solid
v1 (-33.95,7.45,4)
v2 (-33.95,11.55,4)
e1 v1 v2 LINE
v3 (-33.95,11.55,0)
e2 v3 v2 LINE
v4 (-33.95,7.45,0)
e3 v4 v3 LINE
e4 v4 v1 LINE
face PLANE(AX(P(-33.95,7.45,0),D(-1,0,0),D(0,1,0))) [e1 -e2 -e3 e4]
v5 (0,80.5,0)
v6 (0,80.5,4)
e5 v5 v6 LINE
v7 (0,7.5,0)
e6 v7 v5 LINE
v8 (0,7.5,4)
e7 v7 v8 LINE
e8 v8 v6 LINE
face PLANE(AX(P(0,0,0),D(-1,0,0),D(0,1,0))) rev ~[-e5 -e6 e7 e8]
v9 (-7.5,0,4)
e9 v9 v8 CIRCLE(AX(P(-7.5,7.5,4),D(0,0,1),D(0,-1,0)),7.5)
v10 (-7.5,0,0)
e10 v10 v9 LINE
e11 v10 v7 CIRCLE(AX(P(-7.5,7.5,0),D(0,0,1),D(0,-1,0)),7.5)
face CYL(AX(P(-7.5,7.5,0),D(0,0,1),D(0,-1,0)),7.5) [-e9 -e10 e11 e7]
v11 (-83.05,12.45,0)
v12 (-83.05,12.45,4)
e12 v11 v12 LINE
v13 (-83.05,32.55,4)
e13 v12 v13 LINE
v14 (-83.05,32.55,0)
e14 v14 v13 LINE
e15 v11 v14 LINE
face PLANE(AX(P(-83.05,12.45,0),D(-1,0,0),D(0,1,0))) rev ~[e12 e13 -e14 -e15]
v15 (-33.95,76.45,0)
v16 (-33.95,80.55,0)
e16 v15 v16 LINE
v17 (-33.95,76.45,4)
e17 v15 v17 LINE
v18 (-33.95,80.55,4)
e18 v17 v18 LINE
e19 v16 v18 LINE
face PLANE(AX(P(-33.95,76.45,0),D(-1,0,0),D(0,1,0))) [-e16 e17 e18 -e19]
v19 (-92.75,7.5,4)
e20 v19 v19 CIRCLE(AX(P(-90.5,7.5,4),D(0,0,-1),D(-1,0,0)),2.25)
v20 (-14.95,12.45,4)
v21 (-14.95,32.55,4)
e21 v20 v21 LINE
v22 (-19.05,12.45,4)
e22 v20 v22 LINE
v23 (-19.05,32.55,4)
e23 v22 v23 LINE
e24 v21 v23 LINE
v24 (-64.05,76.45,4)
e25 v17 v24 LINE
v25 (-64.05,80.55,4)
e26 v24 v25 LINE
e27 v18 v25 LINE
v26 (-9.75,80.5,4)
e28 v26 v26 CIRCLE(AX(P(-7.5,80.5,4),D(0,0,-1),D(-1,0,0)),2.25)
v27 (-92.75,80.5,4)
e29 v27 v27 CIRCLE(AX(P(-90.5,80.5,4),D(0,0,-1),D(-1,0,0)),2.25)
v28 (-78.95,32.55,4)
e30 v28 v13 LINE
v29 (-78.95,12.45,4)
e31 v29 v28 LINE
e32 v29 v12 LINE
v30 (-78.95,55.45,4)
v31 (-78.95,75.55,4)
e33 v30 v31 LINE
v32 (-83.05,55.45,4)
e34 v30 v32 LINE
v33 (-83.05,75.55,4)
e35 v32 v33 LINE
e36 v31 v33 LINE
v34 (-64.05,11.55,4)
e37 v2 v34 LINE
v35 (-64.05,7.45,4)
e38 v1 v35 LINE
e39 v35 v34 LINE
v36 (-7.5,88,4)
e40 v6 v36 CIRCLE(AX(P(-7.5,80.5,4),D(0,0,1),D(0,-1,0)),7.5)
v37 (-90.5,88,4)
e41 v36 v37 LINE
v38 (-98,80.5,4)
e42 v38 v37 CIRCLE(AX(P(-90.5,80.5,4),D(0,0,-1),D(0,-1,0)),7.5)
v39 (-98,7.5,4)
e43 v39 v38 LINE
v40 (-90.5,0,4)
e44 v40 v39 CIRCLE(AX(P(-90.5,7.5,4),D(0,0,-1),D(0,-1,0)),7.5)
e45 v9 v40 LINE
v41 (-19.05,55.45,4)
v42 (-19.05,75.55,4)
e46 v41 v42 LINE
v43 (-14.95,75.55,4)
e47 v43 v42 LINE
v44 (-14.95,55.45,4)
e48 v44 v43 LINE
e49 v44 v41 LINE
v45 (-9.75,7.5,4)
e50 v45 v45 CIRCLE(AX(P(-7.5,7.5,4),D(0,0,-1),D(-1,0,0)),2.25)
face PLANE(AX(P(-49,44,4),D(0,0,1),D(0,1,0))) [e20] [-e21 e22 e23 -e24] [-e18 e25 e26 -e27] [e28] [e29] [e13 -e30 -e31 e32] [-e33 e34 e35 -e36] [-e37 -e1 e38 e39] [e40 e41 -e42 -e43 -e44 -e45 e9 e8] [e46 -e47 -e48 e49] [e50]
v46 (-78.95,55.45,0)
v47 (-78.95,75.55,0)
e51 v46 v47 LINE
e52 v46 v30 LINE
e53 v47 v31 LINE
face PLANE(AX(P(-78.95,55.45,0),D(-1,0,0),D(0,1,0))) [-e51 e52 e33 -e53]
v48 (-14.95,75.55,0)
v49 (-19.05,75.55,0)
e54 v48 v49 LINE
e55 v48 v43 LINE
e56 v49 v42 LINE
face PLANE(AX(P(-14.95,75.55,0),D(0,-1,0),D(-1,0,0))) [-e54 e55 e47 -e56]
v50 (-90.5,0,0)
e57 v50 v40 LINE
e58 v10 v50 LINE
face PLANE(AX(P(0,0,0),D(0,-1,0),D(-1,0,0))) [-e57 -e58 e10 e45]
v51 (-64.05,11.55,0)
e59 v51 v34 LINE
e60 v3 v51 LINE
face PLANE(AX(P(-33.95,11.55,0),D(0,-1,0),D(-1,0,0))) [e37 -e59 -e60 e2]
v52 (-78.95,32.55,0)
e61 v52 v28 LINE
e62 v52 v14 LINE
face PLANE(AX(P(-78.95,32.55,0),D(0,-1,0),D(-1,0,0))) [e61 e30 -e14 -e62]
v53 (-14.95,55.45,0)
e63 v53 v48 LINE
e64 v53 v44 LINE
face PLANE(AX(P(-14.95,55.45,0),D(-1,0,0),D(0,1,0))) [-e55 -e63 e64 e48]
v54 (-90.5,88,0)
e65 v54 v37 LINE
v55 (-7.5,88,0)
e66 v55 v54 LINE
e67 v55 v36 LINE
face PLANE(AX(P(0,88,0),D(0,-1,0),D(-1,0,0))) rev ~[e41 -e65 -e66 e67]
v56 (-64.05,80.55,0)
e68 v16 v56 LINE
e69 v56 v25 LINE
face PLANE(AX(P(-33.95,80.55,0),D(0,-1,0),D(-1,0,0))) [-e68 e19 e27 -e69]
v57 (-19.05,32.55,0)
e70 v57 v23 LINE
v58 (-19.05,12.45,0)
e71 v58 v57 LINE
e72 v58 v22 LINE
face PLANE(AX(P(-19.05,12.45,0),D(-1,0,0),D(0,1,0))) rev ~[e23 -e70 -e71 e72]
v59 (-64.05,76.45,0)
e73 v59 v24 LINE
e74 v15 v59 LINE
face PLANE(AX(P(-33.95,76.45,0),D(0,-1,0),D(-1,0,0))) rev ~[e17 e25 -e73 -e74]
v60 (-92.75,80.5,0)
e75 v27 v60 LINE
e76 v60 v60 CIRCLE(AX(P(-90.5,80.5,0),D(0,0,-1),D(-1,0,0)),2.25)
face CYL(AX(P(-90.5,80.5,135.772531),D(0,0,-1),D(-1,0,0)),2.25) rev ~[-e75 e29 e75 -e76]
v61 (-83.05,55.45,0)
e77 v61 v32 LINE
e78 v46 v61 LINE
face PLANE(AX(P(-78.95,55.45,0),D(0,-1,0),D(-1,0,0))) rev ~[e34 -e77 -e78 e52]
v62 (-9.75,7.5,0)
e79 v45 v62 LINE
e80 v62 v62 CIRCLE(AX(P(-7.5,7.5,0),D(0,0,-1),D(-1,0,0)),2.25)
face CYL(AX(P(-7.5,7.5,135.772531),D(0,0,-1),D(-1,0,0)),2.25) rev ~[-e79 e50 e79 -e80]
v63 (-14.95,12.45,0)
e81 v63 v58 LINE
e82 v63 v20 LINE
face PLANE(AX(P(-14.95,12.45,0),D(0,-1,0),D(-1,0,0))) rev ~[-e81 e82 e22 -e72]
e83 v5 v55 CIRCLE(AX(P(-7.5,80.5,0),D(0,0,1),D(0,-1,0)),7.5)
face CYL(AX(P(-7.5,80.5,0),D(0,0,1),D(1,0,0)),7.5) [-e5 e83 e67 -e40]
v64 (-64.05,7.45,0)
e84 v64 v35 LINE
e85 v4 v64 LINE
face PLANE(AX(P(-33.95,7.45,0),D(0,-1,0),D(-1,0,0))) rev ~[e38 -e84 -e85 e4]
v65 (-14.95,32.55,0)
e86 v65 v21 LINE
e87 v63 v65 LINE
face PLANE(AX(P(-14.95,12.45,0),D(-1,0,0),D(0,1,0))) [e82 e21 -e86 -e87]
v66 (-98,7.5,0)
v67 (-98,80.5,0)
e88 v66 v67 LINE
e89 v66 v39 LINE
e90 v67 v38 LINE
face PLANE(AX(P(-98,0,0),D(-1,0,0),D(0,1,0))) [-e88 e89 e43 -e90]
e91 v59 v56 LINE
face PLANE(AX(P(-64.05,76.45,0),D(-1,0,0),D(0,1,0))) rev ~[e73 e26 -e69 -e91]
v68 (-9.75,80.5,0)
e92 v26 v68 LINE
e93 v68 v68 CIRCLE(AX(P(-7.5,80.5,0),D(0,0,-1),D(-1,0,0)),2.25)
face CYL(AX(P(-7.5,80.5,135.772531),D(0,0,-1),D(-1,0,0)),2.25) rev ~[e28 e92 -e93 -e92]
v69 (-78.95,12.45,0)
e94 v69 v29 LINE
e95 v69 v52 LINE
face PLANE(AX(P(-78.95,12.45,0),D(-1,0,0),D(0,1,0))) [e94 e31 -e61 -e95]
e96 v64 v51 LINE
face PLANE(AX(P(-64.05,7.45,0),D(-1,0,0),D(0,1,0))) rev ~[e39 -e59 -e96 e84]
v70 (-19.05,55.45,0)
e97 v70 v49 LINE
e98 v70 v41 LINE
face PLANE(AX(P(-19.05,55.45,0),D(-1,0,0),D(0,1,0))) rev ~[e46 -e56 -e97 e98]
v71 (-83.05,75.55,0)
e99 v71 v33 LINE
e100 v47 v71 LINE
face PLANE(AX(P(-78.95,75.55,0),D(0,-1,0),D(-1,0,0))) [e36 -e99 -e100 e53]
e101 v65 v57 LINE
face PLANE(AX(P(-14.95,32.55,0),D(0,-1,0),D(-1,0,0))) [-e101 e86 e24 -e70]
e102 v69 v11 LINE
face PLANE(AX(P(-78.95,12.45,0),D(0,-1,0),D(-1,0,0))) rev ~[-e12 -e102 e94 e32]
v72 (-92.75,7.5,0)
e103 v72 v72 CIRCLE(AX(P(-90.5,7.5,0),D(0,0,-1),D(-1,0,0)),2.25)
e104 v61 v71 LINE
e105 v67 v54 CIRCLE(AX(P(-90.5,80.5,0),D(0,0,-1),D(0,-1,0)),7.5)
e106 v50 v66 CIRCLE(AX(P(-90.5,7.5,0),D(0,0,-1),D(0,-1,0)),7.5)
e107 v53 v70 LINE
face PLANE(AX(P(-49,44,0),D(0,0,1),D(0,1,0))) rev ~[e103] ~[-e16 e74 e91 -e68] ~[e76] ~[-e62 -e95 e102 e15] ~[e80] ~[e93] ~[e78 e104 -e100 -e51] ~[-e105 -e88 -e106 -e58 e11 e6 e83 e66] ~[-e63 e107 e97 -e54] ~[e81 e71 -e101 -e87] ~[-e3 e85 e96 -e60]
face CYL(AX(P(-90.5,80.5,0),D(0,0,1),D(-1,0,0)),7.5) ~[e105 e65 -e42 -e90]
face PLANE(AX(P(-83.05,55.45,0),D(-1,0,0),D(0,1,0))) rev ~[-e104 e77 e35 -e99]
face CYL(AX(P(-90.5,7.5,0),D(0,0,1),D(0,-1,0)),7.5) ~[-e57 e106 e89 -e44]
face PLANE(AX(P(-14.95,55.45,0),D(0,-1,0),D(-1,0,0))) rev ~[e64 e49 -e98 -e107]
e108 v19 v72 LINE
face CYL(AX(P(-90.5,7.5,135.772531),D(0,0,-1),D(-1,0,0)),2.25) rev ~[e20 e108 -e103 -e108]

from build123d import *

# Parameters (mm, degrees)
SKETCH_1_W         = 88
SKETCH_1_H         = 98
SKETCH_1_W_2       = 4.1
SKETCH_1_H_2       = 30.1
SKETCH_1_W_3       = 20.1
SKETCH_1_H_3       = 4.1
EXTRUDE_1_DEPTH    = 4
HOLE_WIZARD_M4_1_D = 4.5
FILLET_3_R         = 7.5


with BuildPart() as part:
    # ｽｹｯﾁ1 → ﾎﾞｽ - 押し出し1 (new body)
    with BuildSketch(Plane(origin=(0, 0, 0), x_dir=(0, 1, 0), z_dir=(0, 0, 1))):
        with Locations((44, 49)):
            Rectangle(SKETCH_1_W, SKETCH_1_H)
        with Locations((78.5, 49)):
            Rectangle(SKETCH_1_W_2, SKETCH_1_H_2, mode=Mode.SUBTRACT)
        with Locations((22.5, 81)):
            Rectangle(SKETCH_1_W_3, SKETCH_1_H_3, mode=Mode.SUBTRACT)
        with Locations((65.5, 81)):
            Rectangle(SKETCH_1_W_3, SKETCH_1_H_3, mode=Mode.SUBTRACT)
        with Locations((22.5, 17)):
            Rectangle(SKETCH_1_W_3, SKETCH_1_H_3, mode=Mode.SUBTRACT)
        with Locations((65.5, 17)):
            Rectangle(SKETCH_1_W_3, SKETCH_1_H_3, mode=Mode.SUBTRACT)
        with Locations((9.5, 49)):
            Rectangle(SKETCH_1_W_2, SKETCH_1_H_2, mode=Mode.SUBTRACT)
    extrude(amount=EXTRUDE_1_DEPTH)

    # M4 すきま穴1 (through all)
    with Locations(Plane.XY.offset(4)):
        with Locations((-90.5, 80.5), (-7.5, 80.5), (-7.5, 7.5), (-90.5, 7.5)):
            Hole(HOLE_WIZARD_M4_1_D / 2)

    # ﾌｨﾚｯﾄ3
    fillet_3_edges = [part.edges().sort_by_distance(p)[0] for p in [
        (-98, 0, 2),
        (-98, 88, 2),
        (0, 88, 2),
        (0, 0, 2),
    ]]
    fillet(fillet_3_edges, radius=FILLET_3_R)


solid = part.part
